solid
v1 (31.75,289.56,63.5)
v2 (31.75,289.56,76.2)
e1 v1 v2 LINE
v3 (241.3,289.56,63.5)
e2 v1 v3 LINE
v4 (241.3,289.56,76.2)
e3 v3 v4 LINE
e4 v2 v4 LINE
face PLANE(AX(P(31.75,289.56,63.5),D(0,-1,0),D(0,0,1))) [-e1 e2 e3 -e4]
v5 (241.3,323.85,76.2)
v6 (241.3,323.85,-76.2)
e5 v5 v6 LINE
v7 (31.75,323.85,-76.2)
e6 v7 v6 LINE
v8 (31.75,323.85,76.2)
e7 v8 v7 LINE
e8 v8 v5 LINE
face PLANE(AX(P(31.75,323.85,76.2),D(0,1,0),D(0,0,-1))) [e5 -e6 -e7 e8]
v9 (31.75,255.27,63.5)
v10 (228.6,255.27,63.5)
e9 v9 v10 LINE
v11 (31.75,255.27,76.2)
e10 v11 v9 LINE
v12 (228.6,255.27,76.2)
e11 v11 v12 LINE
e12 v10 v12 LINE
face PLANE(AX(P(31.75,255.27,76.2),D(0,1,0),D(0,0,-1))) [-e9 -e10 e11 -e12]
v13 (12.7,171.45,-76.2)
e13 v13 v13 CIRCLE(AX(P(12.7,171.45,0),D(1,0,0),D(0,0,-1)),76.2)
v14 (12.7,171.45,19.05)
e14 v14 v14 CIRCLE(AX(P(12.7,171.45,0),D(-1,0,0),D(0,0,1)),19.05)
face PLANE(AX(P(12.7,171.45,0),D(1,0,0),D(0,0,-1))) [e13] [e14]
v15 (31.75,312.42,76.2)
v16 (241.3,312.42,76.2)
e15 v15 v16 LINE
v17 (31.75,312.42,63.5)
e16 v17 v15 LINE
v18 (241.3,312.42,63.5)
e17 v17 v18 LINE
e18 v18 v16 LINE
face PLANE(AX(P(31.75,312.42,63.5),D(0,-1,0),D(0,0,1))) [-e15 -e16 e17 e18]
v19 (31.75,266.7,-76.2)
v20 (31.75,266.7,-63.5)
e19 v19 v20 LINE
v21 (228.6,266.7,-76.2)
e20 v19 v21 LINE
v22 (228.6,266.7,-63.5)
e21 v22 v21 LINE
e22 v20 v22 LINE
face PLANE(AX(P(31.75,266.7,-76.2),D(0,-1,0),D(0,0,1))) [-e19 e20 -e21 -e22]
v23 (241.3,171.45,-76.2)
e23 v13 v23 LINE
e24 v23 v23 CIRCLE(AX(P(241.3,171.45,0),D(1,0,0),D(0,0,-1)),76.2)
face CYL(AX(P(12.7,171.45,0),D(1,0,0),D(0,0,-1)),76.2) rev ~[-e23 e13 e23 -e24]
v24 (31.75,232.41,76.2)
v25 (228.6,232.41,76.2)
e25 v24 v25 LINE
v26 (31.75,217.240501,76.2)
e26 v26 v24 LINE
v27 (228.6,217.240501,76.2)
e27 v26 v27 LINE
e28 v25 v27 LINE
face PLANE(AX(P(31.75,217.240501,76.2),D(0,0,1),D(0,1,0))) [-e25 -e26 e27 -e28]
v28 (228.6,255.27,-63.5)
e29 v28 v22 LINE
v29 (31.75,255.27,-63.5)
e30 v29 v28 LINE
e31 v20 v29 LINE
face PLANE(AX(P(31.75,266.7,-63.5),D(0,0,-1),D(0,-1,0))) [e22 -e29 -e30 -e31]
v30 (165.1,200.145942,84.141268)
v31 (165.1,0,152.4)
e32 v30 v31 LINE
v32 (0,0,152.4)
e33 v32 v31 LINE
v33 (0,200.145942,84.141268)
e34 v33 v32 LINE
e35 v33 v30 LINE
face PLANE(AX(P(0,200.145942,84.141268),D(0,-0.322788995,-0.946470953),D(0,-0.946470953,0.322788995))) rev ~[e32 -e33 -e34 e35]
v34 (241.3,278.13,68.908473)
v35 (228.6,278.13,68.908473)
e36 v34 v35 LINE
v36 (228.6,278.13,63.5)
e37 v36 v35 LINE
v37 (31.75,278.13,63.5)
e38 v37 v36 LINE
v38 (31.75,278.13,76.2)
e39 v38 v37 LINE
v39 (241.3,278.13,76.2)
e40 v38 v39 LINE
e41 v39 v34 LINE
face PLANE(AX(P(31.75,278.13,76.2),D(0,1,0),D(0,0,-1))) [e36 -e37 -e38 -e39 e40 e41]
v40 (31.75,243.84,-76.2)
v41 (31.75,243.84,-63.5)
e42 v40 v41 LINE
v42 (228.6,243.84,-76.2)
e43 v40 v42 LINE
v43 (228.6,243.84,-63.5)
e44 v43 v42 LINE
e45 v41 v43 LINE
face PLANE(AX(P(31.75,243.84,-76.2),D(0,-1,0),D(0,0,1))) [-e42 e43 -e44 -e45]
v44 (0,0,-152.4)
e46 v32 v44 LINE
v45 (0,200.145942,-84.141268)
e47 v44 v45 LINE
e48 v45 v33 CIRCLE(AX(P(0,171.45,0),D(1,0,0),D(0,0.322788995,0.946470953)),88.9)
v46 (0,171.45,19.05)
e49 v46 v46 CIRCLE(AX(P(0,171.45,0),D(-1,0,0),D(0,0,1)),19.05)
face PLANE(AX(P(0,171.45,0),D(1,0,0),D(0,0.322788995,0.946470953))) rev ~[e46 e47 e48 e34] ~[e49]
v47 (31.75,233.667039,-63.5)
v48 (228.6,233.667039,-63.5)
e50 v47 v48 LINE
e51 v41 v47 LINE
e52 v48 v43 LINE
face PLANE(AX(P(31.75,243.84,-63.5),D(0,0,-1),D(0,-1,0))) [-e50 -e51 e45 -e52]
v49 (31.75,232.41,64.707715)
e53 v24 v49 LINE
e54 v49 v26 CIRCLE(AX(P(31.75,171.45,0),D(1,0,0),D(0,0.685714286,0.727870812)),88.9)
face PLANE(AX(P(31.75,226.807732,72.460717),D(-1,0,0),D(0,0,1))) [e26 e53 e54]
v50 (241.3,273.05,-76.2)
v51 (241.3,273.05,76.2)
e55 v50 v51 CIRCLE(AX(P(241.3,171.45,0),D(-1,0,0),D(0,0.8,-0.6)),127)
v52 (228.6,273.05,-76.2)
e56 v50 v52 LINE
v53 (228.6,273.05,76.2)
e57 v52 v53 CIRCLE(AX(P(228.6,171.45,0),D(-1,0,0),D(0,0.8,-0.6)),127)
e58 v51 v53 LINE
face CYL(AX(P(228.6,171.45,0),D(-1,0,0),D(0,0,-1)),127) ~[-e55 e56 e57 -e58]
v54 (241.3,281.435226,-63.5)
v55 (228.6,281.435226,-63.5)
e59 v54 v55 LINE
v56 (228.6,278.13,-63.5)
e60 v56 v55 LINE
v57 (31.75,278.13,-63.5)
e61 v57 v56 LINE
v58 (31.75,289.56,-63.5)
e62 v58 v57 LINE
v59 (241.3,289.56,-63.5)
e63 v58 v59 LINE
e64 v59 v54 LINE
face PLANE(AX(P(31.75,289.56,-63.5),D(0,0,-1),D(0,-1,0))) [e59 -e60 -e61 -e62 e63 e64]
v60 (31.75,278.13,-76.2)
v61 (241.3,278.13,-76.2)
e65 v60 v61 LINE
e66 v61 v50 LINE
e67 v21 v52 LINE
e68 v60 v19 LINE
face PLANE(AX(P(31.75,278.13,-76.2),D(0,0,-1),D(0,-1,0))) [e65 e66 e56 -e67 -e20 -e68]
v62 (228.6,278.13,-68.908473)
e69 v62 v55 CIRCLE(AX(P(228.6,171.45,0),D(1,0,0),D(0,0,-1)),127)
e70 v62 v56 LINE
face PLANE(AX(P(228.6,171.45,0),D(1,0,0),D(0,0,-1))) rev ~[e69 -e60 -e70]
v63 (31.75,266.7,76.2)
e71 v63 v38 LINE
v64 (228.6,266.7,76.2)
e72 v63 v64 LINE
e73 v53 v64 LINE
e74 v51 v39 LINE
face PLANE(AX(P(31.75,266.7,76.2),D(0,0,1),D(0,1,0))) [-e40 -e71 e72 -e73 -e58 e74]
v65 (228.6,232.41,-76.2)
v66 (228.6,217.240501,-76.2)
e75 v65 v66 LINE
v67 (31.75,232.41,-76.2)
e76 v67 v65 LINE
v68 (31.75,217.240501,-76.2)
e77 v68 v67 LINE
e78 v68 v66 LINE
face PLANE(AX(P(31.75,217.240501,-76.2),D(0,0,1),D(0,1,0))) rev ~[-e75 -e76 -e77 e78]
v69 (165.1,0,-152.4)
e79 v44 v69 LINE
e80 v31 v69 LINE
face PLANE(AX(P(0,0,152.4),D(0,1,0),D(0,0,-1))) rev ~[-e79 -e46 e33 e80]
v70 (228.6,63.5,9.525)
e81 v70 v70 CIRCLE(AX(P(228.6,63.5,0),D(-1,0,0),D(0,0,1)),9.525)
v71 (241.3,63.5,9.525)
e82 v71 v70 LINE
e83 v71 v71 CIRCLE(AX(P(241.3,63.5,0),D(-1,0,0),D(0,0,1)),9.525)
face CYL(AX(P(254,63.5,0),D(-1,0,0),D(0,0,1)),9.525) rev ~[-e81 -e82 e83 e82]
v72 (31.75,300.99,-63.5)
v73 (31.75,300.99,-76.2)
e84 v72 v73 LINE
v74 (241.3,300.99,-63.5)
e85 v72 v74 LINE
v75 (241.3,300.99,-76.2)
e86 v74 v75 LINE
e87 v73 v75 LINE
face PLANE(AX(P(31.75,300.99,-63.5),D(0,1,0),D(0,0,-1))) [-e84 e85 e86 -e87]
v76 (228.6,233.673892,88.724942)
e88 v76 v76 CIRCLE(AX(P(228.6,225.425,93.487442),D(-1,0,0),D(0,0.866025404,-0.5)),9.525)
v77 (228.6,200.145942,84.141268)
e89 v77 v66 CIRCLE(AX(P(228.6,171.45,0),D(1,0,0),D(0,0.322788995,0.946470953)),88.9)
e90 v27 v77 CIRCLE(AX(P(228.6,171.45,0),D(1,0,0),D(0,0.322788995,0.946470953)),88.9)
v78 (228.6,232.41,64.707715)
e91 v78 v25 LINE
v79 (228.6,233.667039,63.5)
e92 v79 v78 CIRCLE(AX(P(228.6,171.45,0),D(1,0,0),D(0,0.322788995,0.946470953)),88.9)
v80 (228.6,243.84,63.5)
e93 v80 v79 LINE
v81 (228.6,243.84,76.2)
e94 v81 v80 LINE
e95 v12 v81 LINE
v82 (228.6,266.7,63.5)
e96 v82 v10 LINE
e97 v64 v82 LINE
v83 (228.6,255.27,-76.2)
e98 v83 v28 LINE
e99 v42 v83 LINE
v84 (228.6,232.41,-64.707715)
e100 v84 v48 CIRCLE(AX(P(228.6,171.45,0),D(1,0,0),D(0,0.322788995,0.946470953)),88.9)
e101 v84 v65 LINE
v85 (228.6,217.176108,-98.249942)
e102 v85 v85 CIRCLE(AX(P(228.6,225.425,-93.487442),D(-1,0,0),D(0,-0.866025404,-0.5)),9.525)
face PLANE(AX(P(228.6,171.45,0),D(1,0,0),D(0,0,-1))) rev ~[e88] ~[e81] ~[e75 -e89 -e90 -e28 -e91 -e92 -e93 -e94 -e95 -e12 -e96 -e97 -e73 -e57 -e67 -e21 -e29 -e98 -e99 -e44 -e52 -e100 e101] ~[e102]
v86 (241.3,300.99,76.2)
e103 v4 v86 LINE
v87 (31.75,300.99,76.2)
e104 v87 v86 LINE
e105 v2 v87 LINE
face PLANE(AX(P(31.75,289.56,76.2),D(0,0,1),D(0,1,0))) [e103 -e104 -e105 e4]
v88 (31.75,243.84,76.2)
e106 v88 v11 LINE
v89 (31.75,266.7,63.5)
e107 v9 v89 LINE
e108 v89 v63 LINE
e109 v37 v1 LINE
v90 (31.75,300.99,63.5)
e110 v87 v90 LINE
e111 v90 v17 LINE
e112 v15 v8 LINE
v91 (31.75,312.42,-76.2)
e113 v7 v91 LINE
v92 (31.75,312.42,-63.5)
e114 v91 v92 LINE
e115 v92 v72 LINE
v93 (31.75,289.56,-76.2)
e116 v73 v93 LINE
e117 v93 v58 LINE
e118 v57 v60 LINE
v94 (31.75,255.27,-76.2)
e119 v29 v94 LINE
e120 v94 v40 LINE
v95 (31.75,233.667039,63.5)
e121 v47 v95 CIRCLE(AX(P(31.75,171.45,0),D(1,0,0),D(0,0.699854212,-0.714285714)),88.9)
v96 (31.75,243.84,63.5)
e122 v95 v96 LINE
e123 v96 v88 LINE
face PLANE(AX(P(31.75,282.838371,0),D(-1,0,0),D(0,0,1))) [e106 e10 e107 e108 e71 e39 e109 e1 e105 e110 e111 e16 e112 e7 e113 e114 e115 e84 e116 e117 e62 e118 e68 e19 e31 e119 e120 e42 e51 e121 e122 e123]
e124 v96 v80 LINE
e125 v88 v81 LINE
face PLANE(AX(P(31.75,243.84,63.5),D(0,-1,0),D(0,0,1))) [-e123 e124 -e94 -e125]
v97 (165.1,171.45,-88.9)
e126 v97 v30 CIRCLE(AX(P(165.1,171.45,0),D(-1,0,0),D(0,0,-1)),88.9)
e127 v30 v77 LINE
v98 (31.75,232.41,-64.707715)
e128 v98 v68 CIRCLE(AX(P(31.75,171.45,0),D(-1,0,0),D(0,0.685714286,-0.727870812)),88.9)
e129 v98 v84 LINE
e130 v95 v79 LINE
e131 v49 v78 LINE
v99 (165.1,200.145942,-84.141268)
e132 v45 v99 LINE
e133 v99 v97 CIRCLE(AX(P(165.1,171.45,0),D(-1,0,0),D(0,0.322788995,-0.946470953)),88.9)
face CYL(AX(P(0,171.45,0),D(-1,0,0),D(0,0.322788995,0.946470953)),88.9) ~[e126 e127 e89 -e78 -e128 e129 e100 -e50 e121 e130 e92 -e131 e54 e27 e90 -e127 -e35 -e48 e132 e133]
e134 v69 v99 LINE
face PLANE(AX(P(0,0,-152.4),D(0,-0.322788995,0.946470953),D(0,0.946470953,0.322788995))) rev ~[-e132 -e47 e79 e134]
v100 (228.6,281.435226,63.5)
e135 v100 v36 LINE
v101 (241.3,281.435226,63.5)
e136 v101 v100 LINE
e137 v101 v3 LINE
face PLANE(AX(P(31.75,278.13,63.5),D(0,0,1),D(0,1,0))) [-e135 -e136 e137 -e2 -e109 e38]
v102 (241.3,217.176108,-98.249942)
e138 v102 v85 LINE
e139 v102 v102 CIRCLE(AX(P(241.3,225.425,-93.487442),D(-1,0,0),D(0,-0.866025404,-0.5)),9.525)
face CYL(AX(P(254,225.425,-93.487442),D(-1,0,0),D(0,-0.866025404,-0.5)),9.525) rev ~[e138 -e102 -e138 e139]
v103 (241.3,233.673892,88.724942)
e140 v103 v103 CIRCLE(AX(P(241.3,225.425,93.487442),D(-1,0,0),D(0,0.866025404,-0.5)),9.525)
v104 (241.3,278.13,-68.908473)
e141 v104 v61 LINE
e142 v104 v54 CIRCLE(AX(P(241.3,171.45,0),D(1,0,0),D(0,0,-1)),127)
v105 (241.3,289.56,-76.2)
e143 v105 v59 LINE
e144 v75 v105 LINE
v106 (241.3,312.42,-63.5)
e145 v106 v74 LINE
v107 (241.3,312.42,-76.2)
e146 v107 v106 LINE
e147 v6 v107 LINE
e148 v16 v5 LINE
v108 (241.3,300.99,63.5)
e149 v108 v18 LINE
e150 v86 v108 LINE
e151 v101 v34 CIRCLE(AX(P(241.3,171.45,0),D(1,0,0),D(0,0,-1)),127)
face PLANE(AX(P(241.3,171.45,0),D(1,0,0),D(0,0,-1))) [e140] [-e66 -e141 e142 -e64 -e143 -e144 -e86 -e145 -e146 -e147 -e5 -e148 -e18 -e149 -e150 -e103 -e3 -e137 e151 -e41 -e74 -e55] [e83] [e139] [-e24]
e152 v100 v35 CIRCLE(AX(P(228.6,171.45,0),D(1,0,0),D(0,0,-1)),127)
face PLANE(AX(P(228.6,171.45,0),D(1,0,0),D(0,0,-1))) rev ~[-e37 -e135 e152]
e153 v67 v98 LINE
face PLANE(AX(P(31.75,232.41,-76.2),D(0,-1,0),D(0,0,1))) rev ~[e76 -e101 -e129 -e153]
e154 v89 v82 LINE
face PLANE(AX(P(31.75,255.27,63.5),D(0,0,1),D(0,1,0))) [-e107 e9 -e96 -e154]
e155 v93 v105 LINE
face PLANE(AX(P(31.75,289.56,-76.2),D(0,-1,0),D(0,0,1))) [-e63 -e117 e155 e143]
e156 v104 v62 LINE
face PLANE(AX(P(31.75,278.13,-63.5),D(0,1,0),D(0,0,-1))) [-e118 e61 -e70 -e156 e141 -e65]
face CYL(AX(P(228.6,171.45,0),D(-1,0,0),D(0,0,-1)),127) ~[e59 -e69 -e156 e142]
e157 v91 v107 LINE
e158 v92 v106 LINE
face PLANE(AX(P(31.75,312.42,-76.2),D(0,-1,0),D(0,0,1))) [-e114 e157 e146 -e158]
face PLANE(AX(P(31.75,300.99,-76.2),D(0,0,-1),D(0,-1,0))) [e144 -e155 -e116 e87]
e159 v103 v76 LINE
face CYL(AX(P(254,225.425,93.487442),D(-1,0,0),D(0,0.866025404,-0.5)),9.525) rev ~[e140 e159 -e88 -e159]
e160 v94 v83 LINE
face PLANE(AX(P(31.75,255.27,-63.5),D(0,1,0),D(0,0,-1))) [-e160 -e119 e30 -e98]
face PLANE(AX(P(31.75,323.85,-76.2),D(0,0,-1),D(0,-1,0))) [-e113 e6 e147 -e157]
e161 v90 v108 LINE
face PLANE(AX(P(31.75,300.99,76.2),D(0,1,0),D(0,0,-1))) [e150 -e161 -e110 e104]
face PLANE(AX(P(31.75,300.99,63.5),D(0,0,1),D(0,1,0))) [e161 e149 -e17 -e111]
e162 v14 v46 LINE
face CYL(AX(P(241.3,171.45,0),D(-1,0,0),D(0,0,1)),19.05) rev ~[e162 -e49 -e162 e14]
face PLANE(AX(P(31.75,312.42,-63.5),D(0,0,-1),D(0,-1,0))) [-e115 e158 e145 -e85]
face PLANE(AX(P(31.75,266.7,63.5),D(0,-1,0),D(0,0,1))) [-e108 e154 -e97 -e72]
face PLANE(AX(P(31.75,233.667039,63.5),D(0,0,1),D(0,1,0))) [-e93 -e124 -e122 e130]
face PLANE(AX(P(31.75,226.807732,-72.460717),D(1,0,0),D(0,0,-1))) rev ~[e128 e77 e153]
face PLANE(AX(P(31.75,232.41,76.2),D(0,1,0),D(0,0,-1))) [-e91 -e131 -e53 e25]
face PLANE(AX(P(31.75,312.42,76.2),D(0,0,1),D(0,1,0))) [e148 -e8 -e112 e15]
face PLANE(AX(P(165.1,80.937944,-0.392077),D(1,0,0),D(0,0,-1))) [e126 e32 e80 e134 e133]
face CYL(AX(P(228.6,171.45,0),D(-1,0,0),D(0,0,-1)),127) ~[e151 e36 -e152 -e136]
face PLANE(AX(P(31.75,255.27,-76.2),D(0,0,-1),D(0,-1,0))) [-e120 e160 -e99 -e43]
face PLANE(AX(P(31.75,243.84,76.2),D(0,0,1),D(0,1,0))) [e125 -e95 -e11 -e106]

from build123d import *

# Parameters (mm, degrees)
BOSS_EXTRUDE1_DEPTH                                 = 165.1
SKETCH1_3_R                                         = 88.9
BOSS_EXTRUDE2_DEPTH                                 = 228.6
SKETCH2_R                                           = 127
BOSS_EXTRUDE3_DEPTH                                 = 12.7
BOSS_EXTRUDE4_START                                 = -209.55
BOSS_EXTRUDE4_DEPTH                                 = 209.55
CBORE_FOR_00_BINDING_HEAD_MACHINE_SCREW_D           = 38.1
CBORE_FOR_00_BINDING_HEAD_MACHINE_SCREW_CBORE_D     = 152.4
CBORE_FOR_00_BINDING_HEAD_MACHINE_SCREW_CBORE_DEPTH = 228.6
F_97_0_75_DIAMETER_HOLE1_D                          = 19.05
F_97_0_75_DIAMETER_HOLE1_DEPTH                      = 12.7
CIRPATTERN1_COUNT                                   = 3


with BuildPart() as part:
    # Sketch1 → Boss-Extrude1 (new body)
    with BuildSketch(Plane(origin=(0, 0, 0), x_dir=(0, 0, -1), z_dir=(1, 0, 0))):
        with BuildLine():
            Line((-84.14126771, 200.145941668), (-152.4, 0))
            Line((-152.4, 0), (152.4, 0))
            Line((152.4, 0), (84.14126771, 200.145941668))
            ThreePointArc((84.14126771, 200.145941668), (87.702248259, 185.993921421), (88.9, 171.45))
            ThreePointArc((88.9, 171.45), (-14.543921421, 83.747751741), (-84.14126771, 200.145941668))
        make_face()
    extrude(amount=BOSS_EXTRUDE1_DEPTH)

    # Sketch1<3> → Boss-Extrude2 (add)
    with BuildSketch(Plane(origin=(0, 0, 0), x_dir=(0, 0, -1), z_dir=(1, 0, 0))):
        with Locations(Location((0, 171.45, 0), (0, 0, 161.168324383))):
            Circle(SKETCH1_3_R)
    extrude(amount=BOSS_EXTRUDE2_DEPTH)

    # Sketch2 → Boss-Extrude3 (add)
    with BuildSketch(Plane(origin=(228.6, 0, 0), x_dir=(0, 0, -1), z_dir=(1, 0, 0))):
        with Locations((0, 171.45)):
            Circle(SKETCH2_R)
    extrude(amount=BOSS_EXTRUDE3_DEPTH)

    # Sketch3 → Boss-Extrude4 (add)
    with BuildSketch(Plane(origin=(241.3, 0, 0), x_dir=(0, 0, -1), z_dir=(1, 0, 0)).offset(BOSS_EXTRUDE4_START)):
        with BuildLine():
            Line((-76.2, 217.240501198), (-76.2, 232.41))
            Line((-76.2, 232.41), (-64.707715151, 232.41))
            ThreePointArc((-64.707715151, 232.41), (-70.860951664, 225.133661661), (-76.2, 217.240501198))
        make_face()
        with BuildLine():
            Line((-63.5, 233.667039467), (-63.5, 243.84))
            Line((-63.5, 243.84), (-76.2, 243.84))
            Line((-76.2, 243.84), (-76.2, 255.27))
            Line((-76.2, 255.27), (-63.5, 255.27))
            Line((-63.5, 255.27), (-63.5, 266.7))
            Line((-63.5, 266.7), (-76.2, 266.7))
            Line((-76.2, 266.7), (-76.2, 278.13))
            Line((-76.2, 278.13), (-63.5, 278.13))
            Line((-63.5, 278.13), (-63.5, 289.56))
            Line((-63.5, 289.56), (-76.2, 289.56))
            Line((-76.2, 289.56), (-76.2, 300.99))
            Line((-76.2, 300.99), (-63.5, 300.99))
            Line((-63.5, 300.99), (-63.5, 312.42))
            Line((-63.5, 312.42), (-76.2, 312.42))
            Line((-76.2, 312.42), (-76.2, 323.85))
            Line((-76.2, 323.85), (76.2, 323.85))
            Line((76.2, 323.85), (76.2, 312.42))
            Line((76.2, 312.42), (63.5, 312.42))
            Line((63.5, 312.42), (63.5, 300.99))
            Line((63.5, 300.99), (76.2, 300.99))
            Line((76.2, 300.99), (76.2, 289.56))
            Line((76.2, 289.56), (63.5, 289.56))
            Line((63.5, 289.56), (63.5, 278.13))
            Line((63.5, 278.13), (76.2, 278.13))
            Line((76.2, 278.13), (76.2, 266.7))
            Line((76.2, 266.7), (63.5, 266.7))
            Line((63.5, 266.7), (63.5, 255.27))
            Line((63.5, 255.27), (76.2, 255.27))
            Line((76.2, 255.27), (76.2, 243.84))
            Line((76.2, 243.84), (63.5, 243.84))
            Line((63.5, 243.84), (63.5, 233.667039467))
            ThreePointArc((63.5, 233.667039467), (0, 260.35), (-63.5, 233.667039467))
        make_face()
        with BuildLine():
            Line((76.2, 217.240501198), (76.2, 232.41))
            Line((76.2, 232.41), (64.707715151, 232.41))
            ThreePointArc((64.707715151, 232.41), (70.860951664, 225.133661661), (76.2, 217.240501198))
        make_face()
    extrude(amount=BOSS_EXTRUDE4_DEPTH)

    # CBORE for #00 Binding Head Machine Screw1 (through all)
    with Locations(Plane(origin=(241.3, 0, 0), x_dir=(0, 0, -1), z_dir=(1, 0, 0))):
        with Locations((0, 171.45)):
            CounterBoreHole(CBORE_FOR_00_BINDING_HEAD_MACHINE_SCREW_D / 2, CBORE_FOR_00_BINDING_HEAD_MACHINE_SCREW_CBORE_D / 2, CBORE_FOR_00_BINDING_HEAD_MACHINE_SCREW_CBORE_DEPTH)

    # #97 (0.75) Diameter Hole1
    with Locations(Plane(origin=(241.3, 0, 0), x_dir=(0, 0, -1), z_dir=(1, 0, 0))):
        with Locations((0, 63.5)):
            f_97_0_75_diameter_hole1 = Hole(F_97_0_75_DIAMETER_HOLE1_D / 2, depth=F_97_0_75_DIAMETER_HOLE1_DEPTH)

    # CirPattern1: #97 (0.75) Diameter Hole1 ×3 about axis
    cirpattern1_axis = Axis((0, 171.45, 0), (1, 0, 0))
    for i in range(1, CIRPATTERN1_COUNT):
        add(f_97_0_75_diameter_hole1.rotate(cirpattern1_axis, i * 360 / CIRPATTERN1_COUNT), mode=Mode.SUBTRACT)


solid = part.part
